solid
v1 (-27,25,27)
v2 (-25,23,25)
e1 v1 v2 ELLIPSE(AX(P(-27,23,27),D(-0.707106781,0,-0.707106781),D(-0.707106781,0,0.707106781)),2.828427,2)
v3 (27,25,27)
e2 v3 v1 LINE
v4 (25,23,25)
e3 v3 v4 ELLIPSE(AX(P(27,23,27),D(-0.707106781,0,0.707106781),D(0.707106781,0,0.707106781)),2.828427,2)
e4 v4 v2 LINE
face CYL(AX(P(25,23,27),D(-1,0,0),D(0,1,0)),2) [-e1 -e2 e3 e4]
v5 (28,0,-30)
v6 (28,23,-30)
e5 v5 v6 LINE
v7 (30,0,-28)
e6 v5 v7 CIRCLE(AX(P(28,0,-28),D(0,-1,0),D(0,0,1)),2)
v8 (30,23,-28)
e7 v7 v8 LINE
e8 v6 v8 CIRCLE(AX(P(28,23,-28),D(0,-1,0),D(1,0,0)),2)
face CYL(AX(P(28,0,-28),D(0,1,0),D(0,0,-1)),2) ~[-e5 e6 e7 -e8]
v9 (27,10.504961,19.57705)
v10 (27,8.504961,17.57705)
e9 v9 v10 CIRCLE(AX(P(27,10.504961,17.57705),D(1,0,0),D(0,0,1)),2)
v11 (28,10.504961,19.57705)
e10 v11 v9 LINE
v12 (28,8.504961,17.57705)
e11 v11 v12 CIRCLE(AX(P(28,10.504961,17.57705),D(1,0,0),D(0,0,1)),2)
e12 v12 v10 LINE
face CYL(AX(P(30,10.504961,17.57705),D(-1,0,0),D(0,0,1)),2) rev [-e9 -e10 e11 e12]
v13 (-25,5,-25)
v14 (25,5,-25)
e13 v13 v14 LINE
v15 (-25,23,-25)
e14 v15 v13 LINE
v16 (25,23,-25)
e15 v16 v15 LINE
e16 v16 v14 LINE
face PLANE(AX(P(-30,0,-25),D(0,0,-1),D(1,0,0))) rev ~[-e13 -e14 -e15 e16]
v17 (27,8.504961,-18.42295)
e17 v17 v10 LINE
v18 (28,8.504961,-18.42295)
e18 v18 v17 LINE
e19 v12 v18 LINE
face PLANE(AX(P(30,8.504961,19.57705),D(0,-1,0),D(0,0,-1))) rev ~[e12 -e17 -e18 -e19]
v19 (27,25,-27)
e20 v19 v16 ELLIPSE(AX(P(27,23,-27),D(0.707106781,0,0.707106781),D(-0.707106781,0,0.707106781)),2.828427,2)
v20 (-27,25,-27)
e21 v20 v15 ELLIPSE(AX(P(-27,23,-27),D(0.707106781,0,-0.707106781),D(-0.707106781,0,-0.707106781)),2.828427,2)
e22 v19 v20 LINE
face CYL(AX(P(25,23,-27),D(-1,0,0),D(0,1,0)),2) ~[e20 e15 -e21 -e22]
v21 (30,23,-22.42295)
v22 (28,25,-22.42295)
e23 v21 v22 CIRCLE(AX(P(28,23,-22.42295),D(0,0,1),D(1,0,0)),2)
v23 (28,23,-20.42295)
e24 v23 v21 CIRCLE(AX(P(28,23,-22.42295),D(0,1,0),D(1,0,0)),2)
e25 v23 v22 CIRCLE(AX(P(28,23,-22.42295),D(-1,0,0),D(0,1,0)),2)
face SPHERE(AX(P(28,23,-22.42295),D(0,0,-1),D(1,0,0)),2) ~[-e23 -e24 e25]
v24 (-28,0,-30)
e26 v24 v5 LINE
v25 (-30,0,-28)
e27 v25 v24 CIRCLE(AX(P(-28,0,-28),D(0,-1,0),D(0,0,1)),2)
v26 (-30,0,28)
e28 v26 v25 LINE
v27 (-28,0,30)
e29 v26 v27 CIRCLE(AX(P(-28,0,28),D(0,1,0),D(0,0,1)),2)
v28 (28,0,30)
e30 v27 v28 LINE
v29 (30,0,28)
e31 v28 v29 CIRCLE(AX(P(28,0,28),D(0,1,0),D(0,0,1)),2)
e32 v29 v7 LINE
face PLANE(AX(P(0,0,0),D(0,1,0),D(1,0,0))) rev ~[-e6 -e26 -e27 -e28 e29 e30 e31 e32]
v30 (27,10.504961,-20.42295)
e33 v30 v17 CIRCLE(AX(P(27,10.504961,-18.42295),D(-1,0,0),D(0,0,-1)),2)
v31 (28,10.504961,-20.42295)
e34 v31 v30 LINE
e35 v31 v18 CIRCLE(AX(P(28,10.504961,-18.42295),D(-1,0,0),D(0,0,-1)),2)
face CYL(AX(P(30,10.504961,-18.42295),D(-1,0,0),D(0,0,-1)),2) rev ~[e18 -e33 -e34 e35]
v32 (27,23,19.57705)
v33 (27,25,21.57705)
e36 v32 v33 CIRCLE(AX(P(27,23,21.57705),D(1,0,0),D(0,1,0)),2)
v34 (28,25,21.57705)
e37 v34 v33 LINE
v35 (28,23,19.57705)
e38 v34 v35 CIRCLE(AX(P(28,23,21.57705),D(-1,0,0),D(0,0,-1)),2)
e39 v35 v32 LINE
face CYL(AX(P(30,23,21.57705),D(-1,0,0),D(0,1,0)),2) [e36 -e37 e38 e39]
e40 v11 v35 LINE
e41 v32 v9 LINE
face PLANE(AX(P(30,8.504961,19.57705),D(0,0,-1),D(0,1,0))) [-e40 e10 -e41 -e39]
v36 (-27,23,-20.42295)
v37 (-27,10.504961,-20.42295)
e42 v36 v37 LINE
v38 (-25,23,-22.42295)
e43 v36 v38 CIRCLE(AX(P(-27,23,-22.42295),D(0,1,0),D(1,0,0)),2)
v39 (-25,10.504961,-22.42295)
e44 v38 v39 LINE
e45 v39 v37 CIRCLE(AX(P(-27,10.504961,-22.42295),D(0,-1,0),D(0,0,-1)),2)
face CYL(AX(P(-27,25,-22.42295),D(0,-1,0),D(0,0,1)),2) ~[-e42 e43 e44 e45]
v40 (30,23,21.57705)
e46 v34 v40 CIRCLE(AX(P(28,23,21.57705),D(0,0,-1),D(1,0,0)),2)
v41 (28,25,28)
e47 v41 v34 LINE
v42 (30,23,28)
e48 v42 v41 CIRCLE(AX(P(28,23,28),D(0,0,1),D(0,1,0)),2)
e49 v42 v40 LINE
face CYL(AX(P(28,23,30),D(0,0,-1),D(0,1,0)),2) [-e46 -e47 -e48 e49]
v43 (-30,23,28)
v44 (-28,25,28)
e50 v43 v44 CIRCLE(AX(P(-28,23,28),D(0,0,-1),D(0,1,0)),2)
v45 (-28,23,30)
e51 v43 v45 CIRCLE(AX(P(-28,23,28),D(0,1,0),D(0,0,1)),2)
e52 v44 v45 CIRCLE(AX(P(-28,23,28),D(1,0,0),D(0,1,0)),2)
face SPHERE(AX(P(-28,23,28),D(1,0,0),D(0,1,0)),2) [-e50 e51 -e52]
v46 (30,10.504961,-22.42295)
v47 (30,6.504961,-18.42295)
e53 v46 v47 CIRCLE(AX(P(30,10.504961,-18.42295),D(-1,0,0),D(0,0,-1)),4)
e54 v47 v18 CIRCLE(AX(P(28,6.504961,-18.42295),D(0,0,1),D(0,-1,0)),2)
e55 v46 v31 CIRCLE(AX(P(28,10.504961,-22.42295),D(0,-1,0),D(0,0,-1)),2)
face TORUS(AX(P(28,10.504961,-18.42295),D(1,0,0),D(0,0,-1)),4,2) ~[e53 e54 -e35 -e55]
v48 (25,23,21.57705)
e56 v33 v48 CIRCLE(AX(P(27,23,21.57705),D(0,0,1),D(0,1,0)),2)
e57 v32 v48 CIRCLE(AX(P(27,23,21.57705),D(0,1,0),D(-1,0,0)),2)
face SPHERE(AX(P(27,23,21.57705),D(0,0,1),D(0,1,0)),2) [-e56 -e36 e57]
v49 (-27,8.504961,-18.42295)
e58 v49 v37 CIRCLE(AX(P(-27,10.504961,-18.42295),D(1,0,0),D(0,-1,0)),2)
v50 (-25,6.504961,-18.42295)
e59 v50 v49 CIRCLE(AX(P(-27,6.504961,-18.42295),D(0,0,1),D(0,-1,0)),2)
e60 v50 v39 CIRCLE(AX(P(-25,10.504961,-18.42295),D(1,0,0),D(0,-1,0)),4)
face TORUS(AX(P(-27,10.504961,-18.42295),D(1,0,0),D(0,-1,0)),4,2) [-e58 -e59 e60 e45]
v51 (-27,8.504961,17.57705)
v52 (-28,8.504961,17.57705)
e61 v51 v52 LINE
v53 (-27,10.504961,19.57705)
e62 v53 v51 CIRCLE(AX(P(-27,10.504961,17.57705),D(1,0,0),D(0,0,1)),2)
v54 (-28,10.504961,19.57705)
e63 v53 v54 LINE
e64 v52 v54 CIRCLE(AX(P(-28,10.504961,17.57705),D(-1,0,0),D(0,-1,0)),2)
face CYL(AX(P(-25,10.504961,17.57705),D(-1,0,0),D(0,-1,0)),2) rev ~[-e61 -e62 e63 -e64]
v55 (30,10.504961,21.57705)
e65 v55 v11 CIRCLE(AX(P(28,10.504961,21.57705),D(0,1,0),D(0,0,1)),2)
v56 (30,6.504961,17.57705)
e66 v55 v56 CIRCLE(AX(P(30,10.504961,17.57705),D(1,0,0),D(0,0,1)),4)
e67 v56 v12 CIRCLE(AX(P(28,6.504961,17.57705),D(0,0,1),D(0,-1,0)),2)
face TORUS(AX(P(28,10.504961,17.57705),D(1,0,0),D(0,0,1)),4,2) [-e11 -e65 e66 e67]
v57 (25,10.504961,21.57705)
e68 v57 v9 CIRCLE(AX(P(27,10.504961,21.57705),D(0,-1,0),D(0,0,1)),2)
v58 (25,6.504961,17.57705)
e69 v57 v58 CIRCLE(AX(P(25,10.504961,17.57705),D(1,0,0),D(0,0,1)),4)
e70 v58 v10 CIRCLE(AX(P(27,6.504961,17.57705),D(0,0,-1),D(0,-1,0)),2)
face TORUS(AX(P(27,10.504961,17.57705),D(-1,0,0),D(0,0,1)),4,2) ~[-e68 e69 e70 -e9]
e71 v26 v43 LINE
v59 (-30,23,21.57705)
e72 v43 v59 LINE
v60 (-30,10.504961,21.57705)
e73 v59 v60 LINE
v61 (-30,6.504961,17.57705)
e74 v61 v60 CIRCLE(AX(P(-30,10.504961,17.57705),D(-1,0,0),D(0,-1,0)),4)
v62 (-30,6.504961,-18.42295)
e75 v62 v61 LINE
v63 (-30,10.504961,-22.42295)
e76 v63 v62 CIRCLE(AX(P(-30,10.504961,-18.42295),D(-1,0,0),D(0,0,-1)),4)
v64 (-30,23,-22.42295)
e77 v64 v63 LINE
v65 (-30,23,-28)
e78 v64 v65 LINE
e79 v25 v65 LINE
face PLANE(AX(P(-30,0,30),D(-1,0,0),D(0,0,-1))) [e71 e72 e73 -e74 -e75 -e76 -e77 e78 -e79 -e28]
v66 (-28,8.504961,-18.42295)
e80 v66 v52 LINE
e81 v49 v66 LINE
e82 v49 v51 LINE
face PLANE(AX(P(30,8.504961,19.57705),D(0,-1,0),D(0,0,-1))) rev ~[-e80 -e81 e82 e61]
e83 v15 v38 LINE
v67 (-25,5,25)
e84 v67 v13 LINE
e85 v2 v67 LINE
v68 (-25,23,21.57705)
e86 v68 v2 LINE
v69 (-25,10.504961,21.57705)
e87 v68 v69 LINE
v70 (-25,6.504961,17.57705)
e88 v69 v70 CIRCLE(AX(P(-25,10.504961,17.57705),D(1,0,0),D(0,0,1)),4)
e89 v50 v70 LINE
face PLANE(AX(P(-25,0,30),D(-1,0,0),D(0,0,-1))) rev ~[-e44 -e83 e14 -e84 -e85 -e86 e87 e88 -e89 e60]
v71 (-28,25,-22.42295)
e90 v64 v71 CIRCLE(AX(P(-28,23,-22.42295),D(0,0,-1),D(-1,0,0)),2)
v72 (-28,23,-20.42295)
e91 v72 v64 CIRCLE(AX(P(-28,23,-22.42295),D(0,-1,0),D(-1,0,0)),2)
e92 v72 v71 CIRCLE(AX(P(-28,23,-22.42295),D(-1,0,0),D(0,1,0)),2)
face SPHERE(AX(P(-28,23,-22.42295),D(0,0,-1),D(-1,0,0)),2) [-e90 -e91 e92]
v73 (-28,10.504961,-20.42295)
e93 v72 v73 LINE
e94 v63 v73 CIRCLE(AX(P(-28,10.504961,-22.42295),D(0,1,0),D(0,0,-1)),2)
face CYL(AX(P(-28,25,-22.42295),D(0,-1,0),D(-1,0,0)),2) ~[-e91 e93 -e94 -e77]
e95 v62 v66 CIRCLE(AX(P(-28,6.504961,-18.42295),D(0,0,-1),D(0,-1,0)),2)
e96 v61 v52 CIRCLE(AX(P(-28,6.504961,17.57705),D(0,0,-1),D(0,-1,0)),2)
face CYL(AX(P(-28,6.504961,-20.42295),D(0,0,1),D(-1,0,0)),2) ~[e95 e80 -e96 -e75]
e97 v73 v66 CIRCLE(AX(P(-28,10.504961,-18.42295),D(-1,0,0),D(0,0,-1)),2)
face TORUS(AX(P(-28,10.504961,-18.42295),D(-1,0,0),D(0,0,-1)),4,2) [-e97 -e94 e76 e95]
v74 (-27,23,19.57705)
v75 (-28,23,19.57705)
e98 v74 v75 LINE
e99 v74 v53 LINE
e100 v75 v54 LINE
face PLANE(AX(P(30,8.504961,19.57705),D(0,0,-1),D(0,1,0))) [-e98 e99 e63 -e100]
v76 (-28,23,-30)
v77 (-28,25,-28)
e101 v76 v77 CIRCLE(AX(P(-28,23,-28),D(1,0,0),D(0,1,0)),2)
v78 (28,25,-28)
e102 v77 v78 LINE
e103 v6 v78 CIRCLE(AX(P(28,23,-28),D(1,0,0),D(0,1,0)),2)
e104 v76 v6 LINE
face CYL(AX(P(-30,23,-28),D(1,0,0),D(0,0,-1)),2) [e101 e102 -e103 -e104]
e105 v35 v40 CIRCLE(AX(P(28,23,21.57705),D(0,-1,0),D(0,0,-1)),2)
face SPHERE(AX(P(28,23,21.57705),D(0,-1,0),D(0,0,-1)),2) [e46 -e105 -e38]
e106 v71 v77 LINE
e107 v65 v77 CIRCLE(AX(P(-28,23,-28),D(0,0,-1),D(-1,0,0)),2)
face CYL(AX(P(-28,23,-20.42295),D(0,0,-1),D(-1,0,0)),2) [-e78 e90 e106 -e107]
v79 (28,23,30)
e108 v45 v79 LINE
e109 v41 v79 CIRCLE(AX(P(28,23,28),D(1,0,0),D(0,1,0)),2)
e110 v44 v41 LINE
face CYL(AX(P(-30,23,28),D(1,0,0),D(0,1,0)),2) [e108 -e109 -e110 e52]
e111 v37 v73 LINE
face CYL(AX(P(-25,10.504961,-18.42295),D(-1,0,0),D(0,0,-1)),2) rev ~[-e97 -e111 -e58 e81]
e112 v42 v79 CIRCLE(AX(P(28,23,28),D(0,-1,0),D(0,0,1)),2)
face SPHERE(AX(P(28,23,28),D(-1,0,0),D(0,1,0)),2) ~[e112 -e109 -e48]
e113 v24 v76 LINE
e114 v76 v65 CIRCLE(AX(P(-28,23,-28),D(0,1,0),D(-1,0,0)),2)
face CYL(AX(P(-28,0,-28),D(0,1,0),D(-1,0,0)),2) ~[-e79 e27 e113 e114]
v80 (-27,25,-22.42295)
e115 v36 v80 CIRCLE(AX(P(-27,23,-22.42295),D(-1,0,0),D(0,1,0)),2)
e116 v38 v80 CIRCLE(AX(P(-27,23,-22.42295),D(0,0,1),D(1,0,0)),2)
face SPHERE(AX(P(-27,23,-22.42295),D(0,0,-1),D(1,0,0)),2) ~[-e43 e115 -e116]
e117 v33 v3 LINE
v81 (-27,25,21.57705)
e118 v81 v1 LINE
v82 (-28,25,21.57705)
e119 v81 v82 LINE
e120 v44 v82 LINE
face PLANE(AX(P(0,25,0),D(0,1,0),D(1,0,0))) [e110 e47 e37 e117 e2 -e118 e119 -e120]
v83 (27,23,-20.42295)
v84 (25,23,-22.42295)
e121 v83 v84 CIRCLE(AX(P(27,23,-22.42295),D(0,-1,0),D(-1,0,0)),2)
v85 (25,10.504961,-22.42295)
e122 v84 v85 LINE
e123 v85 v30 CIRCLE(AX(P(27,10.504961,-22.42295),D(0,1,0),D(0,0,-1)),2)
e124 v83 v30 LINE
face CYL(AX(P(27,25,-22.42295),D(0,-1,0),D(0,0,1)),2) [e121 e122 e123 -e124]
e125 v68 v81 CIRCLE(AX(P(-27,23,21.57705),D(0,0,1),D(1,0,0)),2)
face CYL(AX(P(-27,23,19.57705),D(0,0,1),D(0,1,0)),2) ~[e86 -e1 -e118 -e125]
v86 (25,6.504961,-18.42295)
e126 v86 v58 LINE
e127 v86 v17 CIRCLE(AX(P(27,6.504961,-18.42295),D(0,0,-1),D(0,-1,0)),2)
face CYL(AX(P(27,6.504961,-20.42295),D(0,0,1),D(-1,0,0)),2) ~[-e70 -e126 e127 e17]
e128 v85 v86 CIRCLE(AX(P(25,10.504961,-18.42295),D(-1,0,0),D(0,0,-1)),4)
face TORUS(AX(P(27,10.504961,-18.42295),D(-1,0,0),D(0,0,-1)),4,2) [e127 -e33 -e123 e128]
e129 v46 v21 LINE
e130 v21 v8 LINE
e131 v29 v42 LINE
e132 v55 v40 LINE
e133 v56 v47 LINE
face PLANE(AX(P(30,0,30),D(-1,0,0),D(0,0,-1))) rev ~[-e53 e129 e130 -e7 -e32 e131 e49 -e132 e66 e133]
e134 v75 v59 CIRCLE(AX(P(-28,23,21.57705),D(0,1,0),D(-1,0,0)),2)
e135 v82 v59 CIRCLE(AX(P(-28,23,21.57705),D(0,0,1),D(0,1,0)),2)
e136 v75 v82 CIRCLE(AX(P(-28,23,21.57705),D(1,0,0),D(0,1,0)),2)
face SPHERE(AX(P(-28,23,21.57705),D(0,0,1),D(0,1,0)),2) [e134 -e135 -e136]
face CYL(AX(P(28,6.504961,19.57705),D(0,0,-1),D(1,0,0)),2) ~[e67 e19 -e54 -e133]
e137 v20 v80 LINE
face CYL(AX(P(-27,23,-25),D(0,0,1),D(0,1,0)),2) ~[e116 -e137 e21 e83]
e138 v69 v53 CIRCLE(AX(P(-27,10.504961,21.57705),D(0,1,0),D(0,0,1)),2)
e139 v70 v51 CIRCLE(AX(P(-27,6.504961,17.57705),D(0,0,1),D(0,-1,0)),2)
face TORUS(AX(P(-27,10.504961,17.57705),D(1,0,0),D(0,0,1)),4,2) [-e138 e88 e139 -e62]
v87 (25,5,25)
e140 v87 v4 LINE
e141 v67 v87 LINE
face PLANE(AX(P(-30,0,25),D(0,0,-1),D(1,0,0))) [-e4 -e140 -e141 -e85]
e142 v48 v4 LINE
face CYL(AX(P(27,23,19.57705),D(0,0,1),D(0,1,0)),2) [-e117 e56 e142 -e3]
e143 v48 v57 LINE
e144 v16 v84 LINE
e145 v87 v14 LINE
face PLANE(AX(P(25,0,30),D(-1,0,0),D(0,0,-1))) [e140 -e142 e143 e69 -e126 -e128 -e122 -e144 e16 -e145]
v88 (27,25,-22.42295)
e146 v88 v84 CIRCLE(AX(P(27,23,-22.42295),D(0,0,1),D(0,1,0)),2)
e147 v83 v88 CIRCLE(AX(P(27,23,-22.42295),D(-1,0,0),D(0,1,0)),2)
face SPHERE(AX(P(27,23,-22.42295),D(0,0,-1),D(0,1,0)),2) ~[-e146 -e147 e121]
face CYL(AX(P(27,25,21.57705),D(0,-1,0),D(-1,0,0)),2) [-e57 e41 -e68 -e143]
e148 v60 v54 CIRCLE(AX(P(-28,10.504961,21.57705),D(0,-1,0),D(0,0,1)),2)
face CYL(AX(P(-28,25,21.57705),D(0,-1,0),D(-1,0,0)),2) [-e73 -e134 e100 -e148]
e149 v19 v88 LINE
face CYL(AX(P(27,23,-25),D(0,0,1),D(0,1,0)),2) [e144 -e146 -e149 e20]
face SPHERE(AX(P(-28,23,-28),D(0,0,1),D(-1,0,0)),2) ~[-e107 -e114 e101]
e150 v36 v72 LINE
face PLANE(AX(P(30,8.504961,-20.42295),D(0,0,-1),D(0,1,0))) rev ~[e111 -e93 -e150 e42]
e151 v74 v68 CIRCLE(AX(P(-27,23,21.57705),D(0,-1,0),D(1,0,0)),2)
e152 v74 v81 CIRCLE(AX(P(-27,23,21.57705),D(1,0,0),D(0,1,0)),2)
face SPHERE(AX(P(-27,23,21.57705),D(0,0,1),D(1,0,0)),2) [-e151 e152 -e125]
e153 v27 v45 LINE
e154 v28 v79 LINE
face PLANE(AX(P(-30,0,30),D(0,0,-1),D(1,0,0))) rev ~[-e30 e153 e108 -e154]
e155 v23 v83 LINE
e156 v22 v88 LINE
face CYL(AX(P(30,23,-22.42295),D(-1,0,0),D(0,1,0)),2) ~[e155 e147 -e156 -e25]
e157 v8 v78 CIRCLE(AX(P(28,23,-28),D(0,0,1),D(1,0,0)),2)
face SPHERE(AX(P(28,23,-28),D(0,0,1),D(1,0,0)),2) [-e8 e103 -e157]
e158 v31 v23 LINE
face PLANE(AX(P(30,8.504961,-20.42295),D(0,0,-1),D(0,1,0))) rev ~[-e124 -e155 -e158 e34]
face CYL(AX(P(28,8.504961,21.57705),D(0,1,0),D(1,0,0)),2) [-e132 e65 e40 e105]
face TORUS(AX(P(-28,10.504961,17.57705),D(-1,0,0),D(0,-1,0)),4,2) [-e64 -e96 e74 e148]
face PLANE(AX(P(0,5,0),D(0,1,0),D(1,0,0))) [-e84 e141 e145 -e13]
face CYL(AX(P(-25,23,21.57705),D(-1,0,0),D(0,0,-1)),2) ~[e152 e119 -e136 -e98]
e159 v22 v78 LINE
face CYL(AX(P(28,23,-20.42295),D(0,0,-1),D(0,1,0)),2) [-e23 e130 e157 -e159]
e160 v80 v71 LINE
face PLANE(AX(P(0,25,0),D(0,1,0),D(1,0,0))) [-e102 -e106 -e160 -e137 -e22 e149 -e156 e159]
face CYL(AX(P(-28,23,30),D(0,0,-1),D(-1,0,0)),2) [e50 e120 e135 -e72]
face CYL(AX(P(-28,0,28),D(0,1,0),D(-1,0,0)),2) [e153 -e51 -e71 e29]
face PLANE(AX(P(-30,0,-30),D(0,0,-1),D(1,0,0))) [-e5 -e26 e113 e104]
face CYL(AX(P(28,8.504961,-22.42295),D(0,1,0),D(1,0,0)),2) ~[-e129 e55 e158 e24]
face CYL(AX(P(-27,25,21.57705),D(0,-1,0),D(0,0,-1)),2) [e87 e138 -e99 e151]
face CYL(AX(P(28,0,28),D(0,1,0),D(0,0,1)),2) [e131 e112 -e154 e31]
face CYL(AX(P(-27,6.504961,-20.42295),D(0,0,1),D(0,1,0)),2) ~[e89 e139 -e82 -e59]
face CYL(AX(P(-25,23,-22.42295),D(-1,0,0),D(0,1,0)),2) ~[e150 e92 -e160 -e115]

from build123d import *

# Parameters (mm, degrees)
SKETCH5_W           = 60
SKETCH5_H           = 60
BOSS_EXTRUDE3_DEPTH = 25
SHELL1_T            = -5
SKETCH6_W           = 40
SKETCH6_H           = 50
CUT_EXTRUDE2_DEPTH  = 100
FILLET2_R           = 2


with BuildPart() as part:
    # Sketch5 → Boss-Extrude3 (new body)
    with BuildSketch(Plane(origin=(0, 0, 0), x_dir=(1, 0, 0), z_dir=(0, 1, 0))):
        Rectangle(SKETCH5_W, SKETCH5_H)
    extrude(amount=BOSS_EXTRUDE3_DEPTH)

    # Shell1
    shell1_openings = [part.faces().sort_by_distance(p)[0] for p in [
        (0, 25, 0),
    ]]
    offset(amount=SHELL1_T, openings=shell1_openings, kind=Kind.INTERSECTION)

    # Sketch6 → Cut-Extrude2 (cut)
    with BuildSketch(Plane(origin=(30, 0, 0), x_dir=(0, 0, -1), z_dir=(1, 0, 0))):
        with Locations((0.42294972, 33.504960927)):
            Rectangle(SKETCH6_W, SKETCH6_H)
    extrude(amount=-CUT_EXTRUDE2_DEPTH, mode=Mode.SUBTRACT)

    # Fillet2
    fillet2_edges = [part.edges().sort_by_distance(p)[0] for p in [
        (-30, 25, -25.21147486),
        (25, 25, 22.28852514),
        (0, 25, -25),
        (-25, 25, -22.71147486),
        (0, 25, 30),
        (0, 25, 25),
        (-25, 25, 22.28852514),
        (-25, 16.752480464, 19.57705028),
        (-25, 8.504960927, -0.42294972),
        (-25, 16.752480464, -20.42294972),
        (25, 25, -22.71147486),
        (-30, 25, 24.78852514),
        (30, 25, -25.21147486),
        (30, 16.752480464, -20.42294972),
        (30, 16.752480464, 19.57705028),
        (30, 8.504960927, -0.42294972),
        (27.5, 25, -20.42294972),
        (-30, 16.752480464, -20.42294972),
        (-27.5, 25, -20.42294972),
        (-30, 8.504960927, -0.42294972),
        (-27.5, 8.504960927, -20.42294972),
        (25, 8.504960927, -0.42294972),
        (27.5, 8.504960927, -20.42294972),
        (27.5, 25, 19.57705028),
        (27.5, 8.504960927, 19.57705028),
        (-27.5, 25, 19.57705028),
        (-30, 16.752480464, 19.57705028),
        (-27.5, 8.504960927, 19.57705028),
        (25, 16.752480464, -20.42294972),
        (25, 16.752480464, 19.57705028),
        (30, 25, 24.78852514),
        (30, 12.5, 30),
        (-30, 12.5, 30),
        (-30, 12.5, -30),
        (30, 12.5, -30),
        (0, 25, -30),
    ]]
    fillet(fillet2_edges, radius=FILLET2_R)


solid = part.part
